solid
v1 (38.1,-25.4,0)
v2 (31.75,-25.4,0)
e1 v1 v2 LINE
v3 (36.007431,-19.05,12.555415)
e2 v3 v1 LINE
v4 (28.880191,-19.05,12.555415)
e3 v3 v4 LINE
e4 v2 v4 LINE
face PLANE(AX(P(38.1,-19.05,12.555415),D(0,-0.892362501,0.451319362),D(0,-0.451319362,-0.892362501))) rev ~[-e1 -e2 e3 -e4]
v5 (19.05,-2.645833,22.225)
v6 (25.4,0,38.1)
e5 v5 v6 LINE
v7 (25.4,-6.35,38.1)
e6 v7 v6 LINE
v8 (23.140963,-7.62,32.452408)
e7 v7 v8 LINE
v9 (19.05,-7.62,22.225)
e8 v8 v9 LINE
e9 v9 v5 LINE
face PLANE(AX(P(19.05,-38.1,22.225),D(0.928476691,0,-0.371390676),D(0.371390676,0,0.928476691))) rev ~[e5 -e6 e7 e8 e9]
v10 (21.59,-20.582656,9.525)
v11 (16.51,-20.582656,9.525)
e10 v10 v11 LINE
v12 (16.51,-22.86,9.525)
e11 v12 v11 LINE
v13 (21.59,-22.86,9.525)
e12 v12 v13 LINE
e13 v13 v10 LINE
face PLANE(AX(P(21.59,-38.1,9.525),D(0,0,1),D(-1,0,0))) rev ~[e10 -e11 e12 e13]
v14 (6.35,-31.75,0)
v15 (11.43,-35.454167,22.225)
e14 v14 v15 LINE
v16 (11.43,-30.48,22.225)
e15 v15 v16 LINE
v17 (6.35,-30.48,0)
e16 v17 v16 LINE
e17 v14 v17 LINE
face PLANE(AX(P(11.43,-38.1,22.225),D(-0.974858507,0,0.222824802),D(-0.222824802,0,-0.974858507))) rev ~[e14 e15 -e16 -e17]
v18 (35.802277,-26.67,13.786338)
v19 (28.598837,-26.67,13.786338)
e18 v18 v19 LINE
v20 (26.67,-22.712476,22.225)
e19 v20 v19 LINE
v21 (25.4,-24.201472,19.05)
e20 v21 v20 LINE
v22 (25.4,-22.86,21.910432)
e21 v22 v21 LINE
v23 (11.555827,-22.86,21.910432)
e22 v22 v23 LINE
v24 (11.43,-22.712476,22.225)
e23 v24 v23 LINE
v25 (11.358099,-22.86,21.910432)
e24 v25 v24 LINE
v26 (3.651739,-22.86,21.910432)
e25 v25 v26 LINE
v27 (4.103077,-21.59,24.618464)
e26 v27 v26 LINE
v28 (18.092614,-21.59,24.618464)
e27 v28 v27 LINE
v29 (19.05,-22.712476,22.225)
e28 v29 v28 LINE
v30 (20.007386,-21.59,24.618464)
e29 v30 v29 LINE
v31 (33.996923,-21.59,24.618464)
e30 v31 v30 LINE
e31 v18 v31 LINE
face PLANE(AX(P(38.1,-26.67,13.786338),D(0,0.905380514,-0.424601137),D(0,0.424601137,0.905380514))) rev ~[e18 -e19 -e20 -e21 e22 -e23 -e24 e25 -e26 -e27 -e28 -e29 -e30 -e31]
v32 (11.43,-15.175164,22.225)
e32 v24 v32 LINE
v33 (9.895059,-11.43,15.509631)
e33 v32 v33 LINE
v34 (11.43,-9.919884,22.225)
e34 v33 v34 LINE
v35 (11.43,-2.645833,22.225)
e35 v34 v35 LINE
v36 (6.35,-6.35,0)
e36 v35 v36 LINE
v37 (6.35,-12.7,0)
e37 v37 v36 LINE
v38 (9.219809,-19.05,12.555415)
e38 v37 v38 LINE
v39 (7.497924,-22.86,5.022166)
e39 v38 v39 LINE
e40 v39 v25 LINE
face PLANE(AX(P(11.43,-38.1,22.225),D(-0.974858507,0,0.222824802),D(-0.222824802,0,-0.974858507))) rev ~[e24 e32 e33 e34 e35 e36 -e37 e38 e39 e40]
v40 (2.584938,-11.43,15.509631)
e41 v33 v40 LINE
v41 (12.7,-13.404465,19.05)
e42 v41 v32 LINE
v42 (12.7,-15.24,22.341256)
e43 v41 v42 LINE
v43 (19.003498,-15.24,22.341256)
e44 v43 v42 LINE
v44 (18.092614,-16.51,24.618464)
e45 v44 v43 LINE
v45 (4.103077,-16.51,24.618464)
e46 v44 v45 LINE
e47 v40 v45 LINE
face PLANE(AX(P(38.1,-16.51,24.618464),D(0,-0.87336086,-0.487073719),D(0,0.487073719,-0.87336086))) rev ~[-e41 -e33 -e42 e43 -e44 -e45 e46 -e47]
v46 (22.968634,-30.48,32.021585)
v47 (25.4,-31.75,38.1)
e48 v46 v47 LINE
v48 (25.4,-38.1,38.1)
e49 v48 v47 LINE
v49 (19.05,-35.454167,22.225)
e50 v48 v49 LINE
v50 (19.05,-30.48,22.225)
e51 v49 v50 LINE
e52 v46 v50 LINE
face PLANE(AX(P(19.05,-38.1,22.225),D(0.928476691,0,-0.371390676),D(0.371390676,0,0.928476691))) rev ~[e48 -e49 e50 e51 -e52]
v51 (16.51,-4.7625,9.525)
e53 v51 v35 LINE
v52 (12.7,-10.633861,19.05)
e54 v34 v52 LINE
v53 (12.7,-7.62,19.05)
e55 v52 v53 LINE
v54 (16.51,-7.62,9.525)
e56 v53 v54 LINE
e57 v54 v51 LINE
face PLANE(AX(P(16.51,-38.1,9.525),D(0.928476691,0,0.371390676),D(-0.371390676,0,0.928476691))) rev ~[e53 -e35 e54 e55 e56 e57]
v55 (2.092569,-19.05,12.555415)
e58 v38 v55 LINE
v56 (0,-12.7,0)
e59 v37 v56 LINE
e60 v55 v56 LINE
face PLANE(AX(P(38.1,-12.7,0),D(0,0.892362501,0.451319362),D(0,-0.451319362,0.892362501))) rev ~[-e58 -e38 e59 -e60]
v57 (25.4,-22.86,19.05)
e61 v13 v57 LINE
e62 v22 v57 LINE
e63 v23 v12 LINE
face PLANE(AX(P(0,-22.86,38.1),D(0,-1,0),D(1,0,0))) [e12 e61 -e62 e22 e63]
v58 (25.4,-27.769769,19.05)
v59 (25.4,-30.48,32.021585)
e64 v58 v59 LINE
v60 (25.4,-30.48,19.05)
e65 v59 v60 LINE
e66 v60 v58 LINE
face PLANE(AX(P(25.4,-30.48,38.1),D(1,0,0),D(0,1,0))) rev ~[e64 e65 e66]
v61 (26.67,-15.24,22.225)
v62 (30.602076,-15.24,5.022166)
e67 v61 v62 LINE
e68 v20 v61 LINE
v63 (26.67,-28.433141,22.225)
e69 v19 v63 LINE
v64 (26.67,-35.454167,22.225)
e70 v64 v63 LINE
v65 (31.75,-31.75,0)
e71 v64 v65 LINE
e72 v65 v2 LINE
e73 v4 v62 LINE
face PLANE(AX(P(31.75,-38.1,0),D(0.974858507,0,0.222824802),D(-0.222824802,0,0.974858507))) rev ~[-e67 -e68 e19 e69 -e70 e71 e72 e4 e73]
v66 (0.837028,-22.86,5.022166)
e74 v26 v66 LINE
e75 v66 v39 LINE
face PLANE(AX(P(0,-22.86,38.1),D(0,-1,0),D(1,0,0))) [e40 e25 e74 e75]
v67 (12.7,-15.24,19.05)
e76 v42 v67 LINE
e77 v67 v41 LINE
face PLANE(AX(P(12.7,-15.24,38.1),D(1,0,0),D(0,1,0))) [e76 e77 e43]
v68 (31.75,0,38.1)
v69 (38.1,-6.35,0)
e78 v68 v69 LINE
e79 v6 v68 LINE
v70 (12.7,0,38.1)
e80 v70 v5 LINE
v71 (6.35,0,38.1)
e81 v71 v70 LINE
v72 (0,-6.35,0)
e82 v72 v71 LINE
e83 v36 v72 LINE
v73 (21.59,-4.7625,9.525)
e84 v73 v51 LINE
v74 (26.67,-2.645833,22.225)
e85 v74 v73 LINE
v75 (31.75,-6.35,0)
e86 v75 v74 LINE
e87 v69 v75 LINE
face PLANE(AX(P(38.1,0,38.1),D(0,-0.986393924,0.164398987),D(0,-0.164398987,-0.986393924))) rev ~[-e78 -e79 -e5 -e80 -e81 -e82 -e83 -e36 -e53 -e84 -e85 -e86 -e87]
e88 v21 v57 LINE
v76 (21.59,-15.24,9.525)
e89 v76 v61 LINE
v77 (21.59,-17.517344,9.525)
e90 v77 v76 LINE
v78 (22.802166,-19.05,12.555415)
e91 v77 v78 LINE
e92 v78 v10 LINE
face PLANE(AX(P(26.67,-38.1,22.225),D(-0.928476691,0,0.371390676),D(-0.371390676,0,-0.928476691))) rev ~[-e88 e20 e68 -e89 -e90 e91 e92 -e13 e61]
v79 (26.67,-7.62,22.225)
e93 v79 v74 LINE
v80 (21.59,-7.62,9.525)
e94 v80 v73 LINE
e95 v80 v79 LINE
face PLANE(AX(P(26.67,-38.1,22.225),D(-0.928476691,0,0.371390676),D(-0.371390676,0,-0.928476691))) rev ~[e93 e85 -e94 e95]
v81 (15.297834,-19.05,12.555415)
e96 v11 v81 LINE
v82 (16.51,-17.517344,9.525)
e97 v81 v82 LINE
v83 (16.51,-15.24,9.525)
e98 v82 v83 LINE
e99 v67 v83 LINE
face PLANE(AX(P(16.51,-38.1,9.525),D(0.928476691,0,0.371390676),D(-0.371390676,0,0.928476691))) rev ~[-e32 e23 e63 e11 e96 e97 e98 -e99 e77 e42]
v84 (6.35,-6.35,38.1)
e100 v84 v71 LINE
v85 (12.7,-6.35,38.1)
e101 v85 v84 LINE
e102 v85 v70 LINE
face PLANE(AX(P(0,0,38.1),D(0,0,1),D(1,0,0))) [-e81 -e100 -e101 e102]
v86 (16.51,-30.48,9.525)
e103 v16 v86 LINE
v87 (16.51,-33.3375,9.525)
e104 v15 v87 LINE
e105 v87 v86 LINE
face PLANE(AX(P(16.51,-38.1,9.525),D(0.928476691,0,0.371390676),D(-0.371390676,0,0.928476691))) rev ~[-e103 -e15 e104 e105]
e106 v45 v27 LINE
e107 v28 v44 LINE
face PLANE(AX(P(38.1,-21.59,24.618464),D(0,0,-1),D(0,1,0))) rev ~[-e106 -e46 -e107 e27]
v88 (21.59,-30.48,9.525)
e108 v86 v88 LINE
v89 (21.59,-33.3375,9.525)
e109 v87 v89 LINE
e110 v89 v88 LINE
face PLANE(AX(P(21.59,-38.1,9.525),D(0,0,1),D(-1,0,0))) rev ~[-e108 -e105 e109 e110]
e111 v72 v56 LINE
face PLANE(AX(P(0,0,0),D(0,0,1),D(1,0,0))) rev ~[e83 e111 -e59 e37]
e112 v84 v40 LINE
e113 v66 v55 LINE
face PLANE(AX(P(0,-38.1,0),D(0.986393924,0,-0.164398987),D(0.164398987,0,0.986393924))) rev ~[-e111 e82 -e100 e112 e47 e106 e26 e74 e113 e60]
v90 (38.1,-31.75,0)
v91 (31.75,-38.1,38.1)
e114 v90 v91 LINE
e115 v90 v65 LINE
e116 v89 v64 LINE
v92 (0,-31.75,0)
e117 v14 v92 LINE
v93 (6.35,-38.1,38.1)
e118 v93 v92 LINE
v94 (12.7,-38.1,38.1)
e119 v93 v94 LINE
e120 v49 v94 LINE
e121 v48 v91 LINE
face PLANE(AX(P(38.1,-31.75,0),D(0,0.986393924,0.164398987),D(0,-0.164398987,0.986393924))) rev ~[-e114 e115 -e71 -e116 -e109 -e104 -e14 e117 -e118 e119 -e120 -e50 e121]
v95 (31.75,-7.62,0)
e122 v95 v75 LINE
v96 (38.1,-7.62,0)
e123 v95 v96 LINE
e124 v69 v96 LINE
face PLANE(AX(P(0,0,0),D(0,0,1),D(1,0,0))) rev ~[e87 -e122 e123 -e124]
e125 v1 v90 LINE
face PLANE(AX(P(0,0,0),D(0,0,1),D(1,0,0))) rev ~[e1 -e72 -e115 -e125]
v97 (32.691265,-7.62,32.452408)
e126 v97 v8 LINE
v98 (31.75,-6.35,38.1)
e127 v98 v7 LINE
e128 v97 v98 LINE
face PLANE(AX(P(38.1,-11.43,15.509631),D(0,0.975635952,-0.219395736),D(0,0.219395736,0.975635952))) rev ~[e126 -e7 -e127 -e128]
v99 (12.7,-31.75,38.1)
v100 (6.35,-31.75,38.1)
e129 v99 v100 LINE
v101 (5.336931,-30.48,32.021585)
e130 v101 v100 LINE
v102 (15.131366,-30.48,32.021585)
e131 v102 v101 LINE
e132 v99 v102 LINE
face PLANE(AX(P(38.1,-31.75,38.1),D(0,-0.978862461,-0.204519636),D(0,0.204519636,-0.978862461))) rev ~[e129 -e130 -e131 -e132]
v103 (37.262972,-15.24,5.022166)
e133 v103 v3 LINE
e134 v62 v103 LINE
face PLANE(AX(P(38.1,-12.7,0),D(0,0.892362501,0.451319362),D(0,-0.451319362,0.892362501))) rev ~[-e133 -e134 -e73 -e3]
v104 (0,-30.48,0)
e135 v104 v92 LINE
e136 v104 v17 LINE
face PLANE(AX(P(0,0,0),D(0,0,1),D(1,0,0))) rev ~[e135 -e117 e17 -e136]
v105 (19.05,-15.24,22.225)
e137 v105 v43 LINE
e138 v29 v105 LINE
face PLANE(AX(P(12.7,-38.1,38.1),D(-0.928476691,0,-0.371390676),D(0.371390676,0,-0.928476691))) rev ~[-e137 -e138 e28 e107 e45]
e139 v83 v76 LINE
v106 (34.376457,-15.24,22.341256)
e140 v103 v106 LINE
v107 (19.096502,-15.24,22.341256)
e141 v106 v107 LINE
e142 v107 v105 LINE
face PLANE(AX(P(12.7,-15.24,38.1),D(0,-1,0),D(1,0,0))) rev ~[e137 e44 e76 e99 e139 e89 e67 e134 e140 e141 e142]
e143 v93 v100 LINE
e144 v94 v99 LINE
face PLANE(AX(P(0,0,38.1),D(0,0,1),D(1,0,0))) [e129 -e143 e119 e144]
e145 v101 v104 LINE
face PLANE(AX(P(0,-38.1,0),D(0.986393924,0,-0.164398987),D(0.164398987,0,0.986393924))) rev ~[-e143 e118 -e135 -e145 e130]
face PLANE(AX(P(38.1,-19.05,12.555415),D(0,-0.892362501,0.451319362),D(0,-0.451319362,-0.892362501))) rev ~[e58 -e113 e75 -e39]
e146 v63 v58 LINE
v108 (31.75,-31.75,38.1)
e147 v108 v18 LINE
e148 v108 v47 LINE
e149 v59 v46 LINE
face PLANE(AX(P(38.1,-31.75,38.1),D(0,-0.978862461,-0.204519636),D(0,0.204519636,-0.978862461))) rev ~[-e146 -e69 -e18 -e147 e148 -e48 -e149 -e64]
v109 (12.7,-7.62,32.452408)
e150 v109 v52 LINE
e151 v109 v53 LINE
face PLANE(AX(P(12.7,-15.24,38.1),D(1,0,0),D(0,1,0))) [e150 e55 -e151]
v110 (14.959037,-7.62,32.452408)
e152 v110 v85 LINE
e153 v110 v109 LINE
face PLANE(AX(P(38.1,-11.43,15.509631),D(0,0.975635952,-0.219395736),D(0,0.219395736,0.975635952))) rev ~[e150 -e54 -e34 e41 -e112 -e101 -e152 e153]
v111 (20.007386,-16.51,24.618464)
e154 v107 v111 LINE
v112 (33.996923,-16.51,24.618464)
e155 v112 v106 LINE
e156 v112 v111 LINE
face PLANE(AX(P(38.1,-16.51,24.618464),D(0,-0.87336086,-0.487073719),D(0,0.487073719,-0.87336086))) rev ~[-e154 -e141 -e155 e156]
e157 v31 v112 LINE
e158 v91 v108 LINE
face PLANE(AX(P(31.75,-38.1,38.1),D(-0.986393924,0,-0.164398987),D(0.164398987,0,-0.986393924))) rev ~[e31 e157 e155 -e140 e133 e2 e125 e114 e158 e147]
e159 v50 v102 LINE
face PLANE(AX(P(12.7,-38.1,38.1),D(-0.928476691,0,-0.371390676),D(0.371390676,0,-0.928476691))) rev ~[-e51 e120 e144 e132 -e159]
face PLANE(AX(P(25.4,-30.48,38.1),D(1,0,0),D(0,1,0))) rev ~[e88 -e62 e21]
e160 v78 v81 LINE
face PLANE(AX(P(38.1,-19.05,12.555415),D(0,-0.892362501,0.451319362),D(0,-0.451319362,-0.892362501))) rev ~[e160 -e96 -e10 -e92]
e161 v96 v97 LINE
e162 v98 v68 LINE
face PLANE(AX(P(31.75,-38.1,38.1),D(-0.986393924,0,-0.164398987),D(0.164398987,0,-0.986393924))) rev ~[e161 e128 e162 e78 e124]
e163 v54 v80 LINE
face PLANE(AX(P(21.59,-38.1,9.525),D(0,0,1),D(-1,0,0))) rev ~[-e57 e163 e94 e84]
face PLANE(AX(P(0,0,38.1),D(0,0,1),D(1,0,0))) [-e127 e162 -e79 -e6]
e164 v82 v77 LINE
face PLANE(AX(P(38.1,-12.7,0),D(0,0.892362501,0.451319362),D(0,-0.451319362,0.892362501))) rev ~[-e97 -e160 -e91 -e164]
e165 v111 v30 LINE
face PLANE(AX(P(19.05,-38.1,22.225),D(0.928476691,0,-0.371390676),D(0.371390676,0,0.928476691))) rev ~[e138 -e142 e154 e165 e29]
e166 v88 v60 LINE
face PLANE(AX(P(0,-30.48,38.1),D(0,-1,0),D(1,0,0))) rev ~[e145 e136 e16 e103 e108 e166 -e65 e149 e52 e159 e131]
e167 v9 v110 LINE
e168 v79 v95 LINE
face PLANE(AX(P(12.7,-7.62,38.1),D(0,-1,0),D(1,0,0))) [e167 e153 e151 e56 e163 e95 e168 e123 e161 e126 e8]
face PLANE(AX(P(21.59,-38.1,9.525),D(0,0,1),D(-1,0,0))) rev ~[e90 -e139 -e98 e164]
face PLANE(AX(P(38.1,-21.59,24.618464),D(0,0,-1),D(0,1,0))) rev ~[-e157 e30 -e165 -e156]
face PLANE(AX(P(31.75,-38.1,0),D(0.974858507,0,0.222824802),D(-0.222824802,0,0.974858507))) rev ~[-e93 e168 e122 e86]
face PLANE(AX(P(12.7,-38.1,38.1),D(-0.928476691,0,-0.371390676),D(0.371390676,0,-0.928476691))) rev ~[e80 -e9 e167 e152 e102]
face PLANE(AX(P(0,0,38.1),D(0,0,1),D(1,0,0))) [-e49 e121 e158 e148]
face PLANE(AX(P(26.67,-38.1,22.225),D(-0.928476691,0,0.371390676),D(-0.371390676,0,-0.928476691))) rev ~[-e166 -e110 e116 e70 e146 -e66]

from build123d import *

# Parameters (mm, degrees)
F0_W      = 38.1
F0_H      = 38.1
F1_DEPTH  = 38.1
F6_DEPTH  = 38.1
F8_DEPTH  = 38.1
F9_W      = 25.4
F9_H      = 7.62
F10_DEPTH = 38.1


with BuildPart() as f1:
    # F0 (on Front) → F1 (new body)
    with BuildSketch(Plane.XZ):
        with Locations((19.05, 19.05)):
            Rectangle(F0_W, F0_H)
    extrude(amount=F1_DEPTH)

    # F5 (on offset) → F6 (cut)
    with BuildSketch(Plane.YZ.offset(38.1)):
        Polygon((-11.43, 15.509631), (-6.35, 38.1), (-31.75, 38.1), (-26.67, 13.786338), (-21.59, 24.618464), (-16.51, 24.618464), align=None)
        Polygon((-38.1, 0), (-31.75, 0), (-38.1, 38.1), align=None)
        Polygon((-25.4, 0), (-12.7, 0), (-19.05, 12.555415), align=None)
        Polygon((-6.35, 0), (0, 0), (0, 38.1), align=None)
    extrude(amount=-F6_DEPTH, mode=Mode.SUBTRACT)

    # F7 (on offset) → F8 (cut)
    with BuildSketch(Plane.XZ.offset(38.1)):
        Polygon((0, 38.1), (0, 0), (6.35, 38.1), align=None)
        Polygon((11.43, 22.225), (6.35, 0), (31.75, 0), (26.67, 22.225), (21.59, 9.525), (16.51, 9.525), align=None)
        Polygon((25.4, 38.1), (12.7, 38.1), (19.05, 22.225), align=None)
        Polygon((31.75, 38.1), (38.1, 0), (38.1, 38.1), align=None)
    extrude(amount=-F8_DEPTH, mode=Mode.SUBTRACT)

    # F9 (on offset) → F10 (cut)
    with BuildSketch(Plane.XY.offset(38.1)):
        with Locations((25.4, -11.43)):
            Rectangle(F9_W, F9_H)
        with Locations((12.7, -26.67)):
            Rectangle(F9_W, F9_H)
    extrude(amount=-F10_DEPTH, mode=Mode.SUBTRACT)


solid = f1.part
